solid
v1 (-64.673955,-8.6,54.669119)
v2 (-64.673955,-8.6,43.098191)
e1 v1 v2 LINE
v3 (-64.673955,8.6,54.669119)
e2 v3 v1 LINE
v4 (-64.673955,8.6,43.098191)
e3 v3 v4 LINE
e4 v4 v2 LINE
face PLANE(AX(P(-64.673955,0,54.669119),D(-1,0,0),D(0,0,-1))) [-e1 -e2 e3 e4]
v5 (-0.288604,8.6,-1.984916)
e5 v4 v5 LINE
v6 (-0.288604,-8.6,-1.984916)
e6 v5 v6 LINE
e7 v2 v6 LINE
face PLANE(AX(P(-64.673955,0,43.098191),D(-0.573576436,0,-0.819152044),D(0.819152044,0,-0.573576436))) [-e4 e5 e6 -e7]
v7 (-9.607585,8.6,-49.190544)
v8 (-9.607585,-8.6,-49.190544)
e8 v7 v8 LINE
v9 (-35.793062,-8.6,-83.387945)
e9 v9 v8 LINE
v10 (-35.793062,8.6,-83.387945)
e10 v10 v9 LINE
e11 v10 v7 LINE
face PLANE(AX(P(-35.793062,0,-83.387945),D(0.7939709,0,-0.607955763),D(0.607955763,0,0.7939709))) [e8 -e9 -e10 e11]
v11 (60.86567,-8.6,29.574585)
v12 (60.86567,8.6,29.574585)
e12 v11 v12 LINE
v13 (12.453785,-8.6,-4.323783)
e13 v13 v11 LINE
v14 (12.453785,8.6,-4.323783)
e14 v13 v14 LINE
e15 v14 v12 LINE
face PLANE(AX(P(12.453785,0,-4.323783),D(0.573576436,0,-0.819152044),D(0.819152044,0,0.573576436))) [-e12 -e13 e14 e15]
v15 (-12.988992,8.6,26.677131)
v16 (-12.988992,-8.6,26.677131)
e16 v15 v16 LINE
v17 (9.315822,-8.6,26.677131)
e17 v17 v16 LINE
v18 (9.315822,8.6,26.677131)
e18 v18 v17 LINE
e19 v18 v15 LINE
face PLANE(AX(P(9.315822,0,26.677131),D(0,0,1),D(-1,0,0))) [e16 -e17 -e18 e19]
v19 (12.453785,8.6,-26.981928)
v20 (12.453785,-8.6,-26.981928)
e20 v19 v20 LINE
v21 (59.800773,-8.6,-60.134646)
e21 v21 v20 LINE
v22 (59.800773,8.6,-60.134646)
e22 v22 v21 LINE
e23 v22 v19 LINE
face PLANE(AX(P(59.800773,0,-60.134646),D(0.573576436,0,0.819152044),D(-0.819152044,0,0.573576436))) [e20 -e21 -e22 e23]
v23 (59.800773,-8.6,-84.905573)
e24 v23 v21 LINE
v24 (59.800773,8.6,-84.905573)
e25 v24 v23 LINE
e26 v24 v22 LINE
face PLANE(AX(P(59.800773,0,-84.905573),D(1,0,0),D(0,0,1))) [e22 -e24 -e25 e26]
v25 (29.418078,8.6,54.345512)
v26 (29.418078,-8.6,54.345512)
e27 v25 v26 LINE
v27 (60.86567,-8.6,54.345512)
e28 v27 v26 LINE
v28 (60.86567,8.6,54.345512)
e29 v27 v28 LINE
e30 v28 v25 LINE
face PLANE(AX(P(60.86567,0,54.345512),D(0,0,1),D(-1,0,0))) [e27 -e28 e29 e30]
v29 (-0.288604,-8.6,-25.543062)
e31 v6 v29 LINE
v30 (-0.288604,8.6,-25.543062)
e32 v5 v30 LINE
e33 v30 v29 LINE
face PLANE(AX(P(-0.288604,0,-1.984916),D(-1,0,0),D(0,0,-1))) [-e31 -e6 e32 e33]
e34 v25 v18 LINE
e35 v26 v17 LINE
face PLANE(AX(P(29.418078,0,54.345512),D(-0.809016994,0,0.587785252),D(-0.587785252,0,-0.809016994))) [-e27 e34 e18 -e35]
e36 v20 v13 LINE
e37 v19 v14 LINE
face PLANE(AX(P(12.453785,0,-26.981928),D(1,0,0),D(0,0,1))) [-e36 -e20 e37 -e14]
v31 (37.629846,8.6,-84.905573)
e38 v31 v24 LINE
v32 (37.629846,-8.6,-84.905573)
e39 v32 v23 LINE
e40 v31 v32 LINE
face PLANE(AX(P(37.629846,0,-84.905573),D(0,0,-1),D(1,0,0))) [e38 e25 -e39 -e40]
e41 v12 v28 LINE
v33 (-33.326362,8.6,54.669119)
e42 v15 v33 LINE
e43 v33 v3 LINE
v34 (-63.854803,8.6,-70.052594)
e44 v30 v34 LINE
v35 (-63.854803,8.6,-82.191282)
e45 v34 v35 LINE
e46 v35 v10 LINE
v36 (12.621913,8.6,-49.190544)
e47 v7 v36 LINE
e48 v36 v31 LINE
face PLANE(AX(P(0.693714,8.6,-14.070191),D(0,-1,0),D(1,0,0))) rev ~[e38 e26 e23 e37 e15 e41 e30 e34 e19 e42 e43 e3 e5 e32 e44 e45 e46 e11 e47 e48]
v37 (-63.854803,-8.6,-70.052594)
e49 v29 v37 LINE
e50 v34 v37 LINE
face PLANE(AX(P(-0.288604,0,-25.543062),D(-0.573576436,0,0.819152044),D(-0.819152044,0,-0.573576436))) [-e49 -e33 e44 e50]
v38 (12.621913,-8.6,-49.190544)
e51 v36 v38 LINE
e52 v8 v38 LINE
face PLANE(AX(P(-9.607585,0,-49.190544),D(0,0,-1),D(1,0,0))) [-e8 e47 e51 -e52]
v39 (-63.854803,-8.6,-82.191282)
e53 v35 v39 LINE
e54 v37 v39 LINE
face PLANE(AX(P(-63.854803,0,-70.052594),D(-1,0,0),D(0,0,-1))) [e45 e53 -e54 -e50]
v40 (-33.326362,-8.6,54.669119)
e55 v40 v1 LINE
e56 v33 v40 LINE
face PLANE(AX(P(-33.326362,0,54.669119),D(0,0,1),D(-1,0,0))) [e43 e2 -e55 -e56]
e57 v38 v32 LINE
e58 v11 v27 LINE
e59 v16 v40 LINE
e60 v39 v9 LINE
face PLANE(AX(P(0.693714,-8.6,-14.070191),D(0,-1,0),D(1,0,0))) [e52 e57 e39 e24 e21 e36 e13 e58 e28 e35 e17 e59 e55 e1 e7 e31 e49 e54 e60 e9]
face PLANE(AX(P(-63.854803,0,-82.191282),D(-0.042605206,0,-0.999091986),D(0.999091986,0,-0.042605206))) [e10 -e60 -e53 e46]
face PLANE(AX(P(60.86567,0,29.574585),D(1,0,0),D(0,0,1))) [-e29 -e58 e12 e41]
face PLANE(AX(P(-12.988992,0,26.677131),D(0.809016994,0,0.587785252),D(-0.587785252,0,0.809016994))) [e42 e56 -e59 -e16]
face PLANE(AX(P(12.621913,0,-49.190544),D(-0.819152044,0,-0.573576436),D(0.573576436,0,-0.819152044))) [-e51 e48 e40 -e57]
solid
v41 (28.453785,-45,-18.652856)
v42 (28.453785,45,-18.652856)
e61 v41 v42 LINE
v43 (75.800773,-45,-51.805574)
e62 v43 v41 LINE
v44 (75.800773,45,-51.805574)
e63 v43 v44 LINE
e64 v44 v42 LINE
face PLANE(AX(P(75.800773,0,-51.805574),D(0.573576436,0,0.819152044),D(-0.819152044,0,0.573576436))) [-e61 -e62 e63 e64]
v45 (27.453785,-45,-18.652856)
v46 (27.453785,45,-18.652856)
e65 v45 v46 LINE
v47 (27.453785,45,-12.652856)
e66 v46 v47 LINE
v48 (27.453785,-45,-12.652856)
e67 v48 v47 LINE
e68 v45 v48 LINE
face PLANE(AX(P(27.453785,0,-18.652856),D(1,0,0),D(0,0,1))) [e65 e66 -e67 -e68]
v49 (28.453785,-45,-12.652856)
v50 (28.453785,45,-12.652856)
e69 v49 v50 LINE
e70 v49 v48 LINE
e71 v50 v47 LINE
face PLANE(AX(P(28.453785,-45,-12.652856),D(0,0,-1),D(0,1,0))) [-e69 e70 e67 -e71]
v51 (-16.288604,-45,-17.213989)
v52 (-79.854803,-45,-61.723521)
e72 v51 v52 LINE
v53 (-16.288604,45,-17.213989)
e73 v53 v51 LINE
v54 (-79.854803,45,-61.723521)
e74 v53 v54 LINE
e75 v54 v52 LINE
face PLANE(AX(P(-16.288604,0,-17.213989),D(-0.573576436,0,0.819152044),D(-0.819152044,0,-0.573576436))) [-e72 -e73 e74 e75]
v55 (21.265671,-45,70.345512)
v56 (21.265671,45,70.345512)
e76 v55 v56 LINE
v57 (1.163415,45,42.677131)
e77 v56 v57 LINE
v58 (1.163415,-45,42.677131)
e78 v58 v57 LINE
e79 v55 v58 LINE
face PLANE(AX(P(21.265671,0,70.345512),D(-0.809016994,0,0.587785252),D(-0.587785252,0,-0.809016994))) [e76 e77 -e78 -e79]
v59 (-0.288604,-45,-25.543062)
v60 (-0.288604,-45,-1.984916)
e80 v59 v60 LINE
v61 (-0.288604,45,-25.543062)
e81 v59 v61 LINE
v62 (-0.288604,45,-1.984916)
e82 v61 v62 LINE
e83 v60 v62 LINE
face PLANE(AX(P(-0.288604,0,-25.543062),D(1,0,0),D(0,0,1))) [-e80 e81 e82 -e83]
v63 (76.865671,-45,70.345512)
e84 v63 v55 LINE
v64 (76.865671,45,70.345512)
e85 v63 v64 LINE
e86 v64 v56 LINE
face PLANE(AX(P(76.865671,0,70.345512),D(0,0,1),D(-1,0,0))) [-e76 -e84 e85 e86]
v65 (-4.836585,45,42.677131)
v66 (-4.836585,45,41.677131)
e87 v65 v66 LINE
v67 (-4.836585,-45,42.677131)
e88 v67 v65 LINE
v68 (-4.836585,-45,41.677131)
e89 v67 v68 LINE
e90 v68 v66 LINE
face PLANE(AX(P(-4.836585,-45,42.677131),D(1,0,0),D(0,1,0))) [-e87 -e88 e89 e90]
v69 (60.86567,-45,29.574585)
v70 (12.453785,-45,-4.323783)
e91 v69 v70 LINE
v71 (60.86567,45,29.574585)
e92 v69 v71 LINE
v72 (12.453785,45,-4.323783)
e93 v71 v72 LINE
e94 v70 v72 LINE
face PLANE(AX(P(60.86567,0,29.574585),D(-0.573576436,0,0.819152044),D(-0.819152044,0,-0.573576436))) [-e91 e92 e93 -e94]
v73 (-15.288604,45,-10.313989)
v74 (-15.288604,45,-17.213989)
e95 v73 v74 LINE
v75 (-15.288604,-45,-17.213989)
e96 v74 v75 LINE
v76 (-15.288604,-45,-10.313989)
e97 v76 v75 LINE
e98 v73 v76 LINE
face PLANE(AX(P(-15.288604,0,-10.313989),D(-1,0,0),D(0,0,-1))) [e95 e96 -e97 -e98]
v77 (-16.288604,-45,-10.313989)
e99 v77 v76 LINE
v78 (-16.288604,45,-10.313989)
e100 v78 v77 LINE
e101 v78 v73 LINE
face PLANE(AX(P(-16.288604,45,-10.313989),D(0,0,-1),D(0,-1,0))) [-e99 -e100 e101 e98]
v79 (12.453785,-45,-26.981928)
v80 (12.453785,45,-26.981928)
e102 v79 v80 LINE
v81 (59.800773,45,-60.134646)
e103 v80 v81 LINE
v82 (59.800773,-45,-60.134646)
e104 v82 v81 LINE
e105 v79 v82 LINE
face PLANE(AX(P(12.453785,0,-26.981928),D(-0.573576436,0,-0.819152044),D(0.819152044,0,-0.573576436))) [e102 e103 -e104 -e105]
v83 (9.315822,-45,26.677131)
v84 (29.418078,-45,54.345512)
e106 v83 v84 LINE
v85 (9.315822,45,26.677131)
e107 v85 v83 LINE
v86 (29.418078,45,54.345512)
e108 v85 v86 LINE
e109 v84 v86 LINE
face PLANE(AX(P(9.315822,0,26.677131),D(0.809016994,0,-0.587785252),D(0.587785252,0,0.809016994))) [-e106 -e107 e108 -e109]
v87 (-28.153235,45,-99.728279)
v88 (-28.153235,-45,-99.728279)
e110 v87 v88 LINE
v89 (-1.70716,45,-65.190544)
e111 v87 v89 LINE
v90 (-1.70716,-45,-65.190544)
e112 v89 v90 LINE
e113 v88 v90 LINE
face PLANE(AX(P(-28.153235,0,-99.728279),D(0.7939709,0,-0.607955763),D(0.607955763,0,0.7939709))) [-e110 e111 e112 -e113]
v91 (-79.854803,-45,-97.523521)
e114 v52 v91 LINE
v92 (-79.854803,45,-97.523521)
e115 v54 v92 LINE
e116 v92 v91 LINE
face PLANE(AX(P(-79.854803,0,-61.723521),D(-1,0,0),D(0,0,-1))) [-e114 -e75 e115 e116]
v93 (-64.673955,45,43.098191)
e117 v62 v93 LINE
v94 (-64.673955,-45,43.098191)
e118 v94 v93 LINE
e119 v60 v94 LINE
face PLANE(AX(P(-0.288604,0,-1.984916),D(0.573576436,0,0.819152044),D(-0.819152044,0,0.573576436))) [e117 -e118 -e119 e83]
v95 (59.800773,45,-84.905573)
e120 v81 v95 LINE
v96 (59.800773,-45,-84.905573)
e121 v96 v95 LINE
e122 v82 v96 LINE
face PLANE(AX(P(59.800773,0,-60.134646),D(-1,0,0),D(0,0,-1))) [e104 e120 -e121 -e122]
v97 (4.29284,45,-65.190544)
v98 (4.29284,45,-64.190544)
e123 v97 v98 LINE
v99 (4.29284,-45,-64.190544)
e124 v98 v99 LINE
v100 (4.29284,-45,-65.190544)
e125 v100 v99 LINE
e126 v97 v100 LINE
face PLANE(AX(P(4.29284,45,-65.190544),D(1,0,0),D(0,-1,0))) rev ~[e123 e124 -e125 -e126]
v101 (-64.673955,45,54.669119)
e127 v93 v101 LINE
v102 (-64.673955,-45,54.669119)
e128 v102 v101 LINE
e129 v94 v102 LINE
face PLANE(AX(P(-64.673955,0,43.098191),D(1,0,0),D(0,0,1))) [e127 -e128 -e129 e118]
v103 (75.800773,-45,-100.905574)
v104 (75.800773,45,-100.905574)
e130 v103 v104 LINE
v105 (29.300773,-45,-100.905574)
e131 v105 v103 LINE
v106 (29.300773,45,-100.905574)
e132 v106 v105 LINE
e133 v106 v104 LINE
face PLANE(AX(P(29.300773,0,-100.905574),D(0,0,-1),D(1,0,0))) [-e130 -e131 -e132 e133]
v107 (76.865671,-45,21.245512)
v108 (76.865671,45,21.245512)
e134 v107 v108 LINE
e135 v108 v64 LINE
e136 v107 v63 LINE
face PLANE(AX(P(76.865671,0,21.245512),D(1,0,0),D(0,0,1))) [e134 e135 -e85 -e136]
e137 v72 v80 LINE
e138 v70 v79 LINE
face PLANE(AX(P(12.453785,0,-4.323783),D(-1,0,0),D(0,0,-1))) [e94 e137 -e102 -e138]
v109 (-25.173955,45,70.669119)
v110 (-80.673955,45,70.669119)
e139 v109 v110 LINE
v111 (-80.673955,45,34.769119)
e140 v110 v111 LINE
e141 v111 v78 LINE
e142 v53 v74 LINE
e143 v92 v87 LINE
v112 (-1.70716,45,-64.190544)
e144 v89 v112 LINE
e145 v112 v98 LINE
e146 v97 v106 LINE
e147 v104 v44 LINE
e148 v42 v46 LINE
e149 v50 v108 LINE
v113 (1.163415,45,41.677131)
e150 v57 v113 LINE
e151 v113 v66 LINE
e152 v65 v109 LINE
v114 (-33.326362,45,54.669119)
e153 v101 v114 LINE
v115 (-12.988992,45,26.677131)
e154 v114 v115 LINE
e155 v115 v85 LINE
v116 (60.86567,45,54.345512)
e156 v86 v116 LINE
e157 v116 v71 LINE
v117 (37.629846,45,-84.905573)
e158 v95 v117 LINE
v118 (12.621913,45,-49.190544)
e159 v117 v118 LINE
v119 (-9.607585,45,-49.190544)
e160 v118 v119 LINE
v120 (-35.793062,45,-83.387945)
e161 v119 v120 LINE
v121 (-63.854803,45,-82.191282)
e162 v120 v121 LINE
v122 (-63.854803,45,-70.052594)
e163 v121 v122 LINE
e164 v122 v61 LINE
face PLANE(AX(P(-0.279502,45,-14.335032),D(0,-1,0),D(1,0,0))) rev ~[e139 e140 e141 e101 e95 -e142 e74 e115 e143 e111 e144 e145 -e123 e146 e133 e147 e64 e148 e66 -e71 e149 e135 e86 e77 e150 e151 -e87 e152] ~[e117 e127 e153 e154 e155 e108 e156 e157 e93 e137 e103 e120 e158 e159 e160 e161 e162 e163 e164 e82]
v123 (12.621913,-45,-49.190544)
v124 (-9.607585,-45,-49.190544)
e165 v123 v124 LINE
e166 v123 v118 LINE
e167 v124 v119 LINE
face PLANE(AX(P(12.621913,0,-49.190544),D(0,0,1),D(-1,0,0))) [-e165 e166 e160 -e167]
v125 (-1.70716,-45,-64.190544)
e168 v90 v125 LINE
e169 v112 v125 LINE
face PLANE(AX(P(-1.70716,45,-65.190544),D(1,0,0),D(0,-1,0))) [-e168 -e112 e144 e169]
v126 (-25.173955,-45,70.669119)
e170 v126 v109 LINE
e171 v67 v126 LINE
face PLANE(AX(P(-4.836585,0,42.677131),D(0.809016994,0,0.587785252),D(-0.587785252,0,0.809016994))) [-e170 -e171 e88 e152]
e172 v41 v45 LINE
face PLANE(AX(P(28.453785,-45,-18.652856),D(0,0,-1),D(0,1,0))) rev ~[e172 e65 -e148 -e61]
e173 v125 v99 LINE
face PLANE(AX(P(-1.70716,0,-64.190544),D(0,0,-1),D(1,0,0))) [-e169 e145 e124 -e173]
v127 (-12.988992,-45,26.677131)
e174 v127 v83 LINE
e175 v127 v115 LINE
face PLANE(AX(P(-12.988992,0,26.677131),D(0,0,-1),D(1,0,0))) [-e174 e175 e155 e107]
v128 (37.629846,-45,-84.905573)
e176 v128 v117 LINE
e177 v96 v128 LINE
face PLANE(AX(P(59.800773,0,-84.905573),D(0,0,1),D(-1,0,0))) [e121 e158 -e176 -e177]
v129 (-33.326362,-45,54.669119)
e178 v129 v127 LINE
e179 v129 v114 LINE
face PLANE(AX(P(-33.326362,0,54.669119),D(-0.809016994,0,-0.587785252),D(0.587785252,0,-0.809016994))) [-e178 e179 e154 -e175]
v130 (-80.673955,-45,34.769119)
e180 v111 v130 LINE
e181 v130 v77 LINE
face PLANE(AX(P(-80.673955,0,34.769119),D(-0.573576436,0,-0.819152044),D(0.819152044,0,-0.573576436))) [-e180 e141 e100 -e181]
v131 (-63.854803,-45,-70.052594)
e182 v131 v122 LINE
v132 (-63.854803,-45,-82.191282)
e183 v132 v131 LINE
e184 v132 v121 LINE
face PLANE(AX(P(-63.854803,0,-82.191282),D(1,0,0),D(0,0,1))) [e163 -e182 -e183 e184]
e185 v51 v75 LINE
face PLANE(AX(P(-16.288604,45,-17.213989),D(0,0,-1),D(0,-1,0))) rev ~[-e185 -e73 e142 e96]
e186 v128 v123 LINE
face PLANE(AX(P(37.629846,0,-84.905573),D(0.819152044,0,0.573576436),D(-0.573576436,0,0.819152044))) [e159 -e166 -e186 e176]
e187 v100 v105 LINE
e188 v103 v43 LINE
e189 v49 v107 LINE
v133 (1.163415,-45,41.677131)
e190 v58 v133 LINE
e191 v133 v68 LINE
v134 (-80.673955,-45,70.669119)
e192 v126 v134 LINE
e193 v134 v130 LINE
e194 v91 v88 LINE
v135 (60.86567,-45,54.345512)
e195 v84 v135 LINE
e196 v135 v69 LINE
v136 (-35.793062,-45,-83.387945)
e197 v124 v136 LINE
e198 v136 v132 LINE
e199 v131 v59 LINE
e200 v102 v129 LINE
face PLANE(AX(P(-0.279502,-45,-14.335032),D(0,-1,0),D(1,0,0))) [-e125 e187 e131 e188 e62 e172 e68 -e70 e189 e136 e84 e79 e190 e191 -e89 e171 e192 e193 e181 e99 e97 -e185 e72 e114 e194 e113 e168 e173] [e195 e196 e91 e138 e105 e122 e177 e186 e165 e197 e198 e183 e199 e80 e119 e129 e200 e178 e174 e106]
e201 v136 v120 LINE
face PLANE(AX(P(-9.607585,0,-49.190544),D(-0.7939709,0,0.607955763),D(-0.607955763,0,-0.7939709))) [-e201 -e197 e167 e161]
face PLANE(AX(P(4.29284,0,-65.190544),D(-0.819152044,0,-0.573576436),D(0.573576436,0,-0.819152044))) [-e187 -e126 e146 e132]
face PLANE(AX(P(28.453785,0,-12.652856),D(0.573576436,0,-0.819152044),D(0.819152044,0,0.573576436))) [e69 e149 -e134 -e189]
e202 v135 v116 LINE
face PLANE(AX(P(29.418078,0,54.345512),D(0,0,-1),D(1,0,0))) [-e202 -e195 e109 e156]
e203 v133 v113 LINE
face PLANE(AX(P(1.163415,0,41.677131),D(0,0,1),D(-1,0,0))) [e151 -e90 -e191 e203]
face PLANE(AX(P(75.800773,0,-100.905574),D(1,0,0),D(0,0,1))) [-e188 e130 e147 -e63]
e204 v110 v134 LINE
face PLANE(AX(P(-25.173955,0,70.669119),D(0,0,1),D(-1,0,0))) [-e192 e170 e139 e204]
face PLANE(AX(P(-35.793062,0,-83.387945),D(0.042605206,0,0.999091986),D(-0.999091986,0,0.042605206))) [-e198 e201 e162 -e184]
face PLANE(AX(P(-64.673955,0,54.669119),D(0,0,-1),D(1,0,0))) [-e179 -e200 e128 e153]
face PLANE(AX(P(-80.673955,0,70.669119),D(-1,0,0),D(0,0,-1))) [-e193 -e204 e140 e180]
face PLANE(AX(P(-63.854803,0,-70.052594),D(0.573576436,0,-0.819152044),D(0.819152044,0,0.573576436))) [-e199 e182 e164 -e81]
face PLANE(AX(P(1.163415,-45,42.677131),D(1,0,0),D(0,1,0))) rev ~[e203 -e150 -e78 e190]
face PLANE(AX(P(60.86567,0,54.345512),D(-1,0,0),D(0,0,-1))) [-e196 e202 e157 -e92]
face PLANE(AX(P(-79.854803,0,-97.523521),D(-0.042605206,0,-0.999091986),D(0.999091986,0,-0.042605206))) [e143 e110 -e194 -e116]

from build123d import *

# Parameters (mm, degrees)
F1_DEPTH = 45
F2_DEPTH = 8.6
F3_DEPTH = 1
F4_DEPTH = 1
F5_DEPTH = 1
F6_DEPTH = 1


with BuildPart() as f1:
    # F0 (on Front) → F1 (new body, symmetric)
    with BuildSketch(Plane.XZ):
        Polygon((-25.1739548425, 70.6691186362), (-80.6739548425, 70.6691186362), (-80.6739548425, 34.7691186362), (-16.2886041614, -10.313989261), (-16.2886041614, -17.213989261), (-79.8548027982, -61.7235207218), (-79.8548027982, -97.5235207218), (-28.1532354406, -99.7282786083), (-1.7071597672, -65.19054444), (4.2928402328, -65.19054444), (29.3007728577, -100.905573571), (75.8007728577, -100.905573571), (75.8007728577, -51.805573571), (28.4537846978, -18.6528555499), (28.4537846978, -12.6528555499), (76.8656705152, 21.2455118385), (76.8656705152, 70.3455118385), (21.2656705152, 70.3455118385), (1.1634148868, 42.6771306308), (-4.8365851132, 42.6771306308), align=None)
        Polygon((9.3158221158, 26.6771305582), (29.4180777442, 54.3455117658), (60.8656704426, 54.3455117658), (60.8656704426, 29.5745846851), (12.4537846251, -4.3237827032), (12.4537846251, -26.9819283965), (59.800772785, -60.1346464176), (59.800772785, -84.9055734983), (37.6298457043, -84.9055734983), (12.6219130794, -49.1905443673), (-9.6075851147, -49.1905443673), (-35.7930620707, -83.3879448947), (-63.8548027255, -82.1912820626), (-63.8548027255, -70.0525935685), (-0.2886040887, -25.5430621076), (-0.2886040887, -1.9849164143), (-64.6739547698, 43.0981914829), (-64.6739547698, 54.6691185636), (-33.3263620714, 54.6691185636), (-12.9889923421, 26.6771305582), align=None, mode=Mode.SUBTRACT)
    extrude(amount=F1_DEPTH, both=True)

    # F3 (cut): a face of the model
    f3_faces = [f1.faces().sort_by_distance(p)[0] for p in [
        (-1.8365851132, 0, 42.6771306308),
    ]]
    extrude(f3_faces, amount=-F3_DEPTH, mode=Mode.SUBTRACT)

    # F4 (cut): a face of the model
    f4_faces = [f1.faces().sort_by_distance(p)[0] for p in [
        (-16.2886041614, 0, -13.763989261),
    ]]
    extrude(f4_faces, amount=-F4_DEPTH, mode=Mode.SUBTRACT)

    # F5 (cut): a face of the model
    f5_faces = [f1.faces().sort_by_distance(p)[0] for p in [
        (28.4537846978, 0, -15.6528555499),
    ]]
    extrude(f5_faces, amount=-F5_DEPTH, mode=Mode.SUBTRACT)

    # F6 (cut): a face of the model
    f6_faces = [f1.faces().sort_by_distance(p)[0] for p in [
        (1.2928402328, 0, -65.19054444),
    ]]
    extrude(f6_faces, amount=-F6_DEPTH, mode=Mode.SUBTRACT)


with BuildPart() as f2:
    # F0 (on Front) → F2 (new body, symmetric)
    with BuildSketch(Plane.XZ):
        Polygon((60.8656704426, 54.3455117658), (29.4180777442, 54.3455117658), (9.3158221158, 26.6771305582), (-12.9889923421, 26.6771305582), (-33.3263620714, 54.6691185636), (-64.6739547698, 54.6691185636), (-64.6739547698, 43.0981914829), (-0.2886040887, -1.9849164143), (-0.2886040887, -25.5430621076), (-63.8548027255, -70.0525935685), (-63.8548027255, -82.1912820626), (-35.7930620707, -83.3879448947), (-9.6075851147, -49.1905443673), (12.6219130794, -49.1905443673), (37.6298457043, -84.9055734983), (59.800772785, -84.9055734983), (59.800772785, -60.1346464176), (12.4537846251, -26.9819283965), (12.4537846251, -4.3237827032), (60.8656704426, 29.5745846851), align=None)
    extrude(amount=F2_DEPTH, both=True)


solid = Compound([f1.part, f2.part])
